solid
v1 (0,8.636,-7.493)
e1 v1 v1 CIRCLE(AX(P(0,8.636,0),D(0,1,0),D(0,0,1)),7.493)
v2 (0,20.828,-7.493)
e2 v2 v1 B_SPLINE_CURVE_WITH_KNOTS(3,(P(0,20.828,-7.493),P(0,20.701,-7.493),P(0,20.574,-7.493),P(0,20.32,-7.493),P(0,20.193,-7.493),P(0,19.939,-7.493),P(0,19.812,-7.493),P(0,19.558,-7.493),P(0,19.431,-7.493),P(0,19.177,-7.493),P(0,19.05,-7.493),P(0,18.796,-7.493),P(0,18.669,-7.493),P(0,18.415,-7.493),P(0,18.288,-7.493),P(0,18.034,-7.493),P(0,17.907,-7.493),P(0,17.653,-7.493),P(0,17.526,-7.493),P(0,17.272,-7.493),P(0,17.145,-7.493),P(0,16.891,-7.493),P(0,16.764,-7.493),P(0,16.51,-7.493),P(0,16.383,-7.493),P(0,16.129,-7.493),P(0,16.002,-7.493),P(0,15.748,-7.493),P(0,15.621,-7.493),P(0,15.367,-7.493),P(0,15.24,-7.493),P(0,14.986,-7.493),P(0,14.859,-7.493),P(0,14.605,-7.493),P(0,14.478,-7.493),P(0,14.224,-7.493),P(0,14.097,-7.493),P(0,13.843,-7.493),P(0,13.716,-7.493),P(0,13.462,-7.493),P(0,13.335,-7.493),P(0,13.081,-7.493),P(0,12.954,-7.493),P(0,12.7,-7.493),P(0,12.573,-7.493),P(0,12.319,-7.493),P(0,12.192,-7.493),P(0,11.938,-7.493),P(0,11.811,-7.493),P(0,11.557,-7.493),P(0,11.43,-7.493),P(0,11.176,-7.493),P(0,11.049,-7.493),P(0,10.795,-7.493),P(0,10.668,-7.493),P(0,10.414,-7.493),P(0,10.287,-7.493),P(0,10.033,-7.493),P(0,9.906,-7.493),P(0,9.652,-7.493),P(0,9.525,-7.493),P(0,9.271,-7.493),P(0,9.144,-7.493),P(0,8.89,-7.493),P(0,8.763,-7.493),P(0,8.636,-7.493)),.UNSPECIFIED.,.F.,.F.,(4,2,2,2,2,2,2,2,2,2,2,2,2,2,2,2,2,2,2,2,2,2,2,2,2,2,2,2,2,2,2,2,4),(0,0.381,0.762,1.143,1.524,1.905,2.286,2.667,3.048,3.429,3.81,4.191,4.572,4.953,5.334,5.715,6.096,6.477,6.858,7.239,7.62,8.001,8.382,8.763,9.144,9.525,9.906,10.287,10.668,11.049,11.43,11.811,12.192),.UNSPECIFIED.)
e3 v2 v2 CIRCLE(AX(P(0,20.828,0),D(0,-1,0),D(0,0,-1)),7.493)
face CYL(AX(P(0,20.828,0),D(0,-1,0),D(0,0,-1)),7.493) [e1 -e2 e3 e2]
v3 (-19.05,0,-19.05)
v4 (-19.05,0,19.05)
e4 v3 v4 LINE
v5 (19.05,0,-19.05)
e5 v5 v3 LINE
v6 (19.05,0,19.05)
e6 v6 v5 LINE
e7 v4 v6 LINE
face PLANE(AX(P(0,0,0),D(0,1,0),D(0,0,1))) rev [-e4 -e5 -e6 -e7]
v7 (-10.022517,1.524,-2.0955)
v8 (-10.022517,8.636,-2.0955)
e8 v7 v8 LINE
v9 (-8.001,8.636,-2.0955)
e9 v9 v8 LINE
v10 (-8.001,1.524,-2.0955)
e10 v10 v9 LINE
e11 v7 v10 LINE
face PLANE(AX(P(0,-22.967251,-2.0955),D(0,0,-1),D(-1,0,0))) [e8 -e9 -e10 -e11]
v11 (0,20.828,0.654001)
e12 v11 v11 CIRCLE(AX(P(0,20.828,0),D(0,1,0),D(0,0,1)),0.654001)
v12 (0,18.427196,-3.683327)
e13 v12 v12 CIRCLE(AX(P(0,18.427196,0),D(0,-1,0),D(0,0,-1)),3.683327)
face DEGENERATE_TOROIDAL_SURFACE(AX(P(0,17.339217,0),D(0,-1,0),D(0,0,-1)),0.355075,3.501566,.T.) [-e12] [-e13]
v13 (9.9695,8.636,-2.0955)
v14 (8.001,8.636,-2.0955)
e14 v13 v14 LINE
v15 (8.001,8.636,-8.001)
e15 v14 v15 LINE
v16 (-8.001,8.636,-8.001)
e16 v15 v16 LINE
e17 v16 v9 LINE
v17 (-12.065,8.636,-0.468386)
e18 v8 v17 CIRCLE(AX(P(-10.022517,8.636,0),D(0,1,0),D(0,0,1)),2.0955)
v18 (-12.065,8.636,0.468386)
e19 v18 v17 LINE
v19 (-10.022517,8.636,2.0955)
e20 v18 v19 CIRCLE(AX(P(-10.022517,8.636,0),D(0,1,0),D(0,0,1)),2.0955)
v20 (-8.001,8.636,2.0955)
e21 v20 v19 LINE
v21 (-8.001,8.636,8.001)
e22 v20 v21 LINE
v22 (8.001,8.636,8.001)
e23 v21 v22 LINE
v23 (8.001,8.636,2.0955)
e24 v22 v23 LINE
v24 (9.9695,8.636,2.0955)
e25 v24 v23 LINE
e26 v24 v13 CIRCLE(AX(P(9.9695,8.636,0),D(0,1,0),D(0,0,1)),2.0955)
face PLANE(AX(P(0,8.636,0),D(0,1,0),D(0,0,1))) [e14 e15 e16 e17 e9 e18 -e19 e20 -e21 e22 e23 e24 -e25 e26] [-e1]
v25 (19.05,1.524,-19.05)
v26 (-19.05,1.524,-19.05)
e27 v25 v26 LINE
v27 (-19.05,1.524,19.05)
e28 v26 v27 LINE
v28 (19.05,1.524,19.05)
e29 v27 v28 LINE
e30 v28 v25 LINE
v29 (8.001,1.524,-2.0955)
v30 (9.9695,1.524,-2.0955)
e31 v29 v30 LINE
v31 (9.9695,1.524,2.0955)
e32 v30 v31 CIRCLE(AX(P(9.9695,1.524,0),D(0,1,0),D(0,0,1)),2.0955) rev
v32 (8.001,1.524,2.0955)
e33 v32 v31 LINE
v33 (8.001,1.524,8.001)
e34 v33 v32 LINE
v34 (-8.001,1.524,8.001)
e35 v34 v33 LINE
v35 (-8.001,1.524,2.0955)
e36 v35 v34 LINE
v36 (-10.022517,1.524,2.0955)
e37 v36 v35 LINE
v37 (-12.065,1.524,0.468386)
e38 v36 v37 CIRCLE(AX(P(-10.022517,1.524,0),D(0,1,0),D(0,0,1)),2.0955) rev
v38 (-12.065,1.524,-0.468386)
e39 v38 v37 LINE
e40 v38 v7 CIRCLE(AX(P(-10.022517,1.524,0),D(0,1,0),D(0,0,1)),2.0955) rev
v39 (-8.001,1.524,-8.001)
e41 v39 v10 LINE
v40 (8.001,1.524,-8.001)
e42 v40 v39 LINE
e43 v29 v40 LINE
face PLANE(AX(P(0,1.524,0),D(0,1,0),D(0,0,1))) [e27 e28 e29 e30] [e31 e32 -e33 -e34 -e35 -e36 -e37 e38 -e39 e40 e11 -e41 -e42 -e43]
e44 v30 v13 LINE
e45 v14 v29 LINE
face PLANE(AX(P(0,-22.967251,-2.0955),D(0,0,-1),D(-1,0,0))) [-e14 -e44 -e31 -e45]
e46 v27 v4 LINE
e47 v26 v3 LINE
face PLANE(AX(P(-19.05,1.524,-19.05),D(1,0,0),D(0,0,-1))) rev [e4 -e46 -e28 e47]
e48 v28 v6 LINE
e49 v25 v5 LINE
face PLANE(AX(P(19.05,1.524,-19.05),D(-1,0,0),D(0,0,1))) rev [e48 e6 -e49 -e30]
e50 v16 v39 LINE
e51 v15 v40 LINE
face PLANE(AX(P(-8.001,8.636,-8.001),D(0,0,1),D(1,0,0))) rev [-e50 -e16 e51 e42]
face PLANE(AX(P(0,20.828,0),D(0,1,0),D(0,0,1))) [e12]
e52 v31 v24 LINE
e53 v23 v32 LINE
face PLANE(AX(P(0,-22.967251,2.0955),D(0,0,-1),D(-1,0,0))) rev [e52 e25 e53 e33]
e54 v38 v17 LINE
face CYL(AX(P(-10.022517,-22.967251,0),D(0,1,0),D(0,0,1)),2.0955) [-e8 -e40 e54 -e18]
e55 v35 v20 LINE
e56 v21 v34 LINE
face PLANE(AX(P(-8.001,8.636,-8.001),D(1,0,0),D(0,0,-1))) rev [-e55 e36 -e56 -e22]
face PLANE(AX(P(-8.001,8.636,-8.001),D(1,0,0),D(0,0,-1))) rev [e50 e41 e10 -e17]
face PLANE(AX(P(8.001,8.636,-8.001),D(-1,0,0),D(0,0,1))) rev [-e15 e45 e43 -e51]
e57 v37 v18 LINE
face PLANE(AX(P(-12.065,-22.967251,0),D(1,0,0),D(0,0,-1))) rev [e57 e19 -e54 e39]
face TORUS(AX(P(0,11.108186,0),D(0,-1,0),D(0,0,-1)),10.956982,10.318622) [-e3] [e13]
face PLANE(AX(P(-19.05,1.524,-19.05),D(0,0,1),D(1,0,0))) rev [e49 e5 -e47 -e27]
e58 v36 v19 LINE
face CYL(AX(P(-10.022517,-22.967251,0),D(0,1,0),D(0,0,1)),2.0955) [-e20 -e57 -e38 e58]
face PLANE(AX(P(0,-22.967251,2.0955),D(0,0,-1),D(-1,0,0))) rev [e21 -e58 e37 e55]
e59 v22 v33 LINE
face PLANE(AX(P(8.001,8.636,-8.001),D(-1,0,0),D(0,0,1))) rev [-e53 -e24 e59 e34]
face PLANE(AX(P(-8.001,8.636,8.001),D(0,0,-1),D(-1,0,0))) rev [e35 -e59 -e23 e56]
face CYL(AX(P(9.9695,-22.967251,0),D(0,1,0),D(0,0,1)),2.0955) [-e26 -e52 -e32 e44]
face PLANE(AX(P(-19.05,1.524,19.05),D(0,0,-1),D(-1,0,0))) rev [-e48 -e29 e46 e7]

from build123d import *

# Parameters (mm, degrees)
SKETCH3_W           = 38.1
SKETCH3_H           = 38.1
BOSS_EXTRUDE2_DEPTH = 1.524
SKETCH4_W           = 16.002
SKETCH4_H           = 16.002
BOSS_EXTRUDE3_DEPTH = 7.112
SKETCH5_R           = 7.493
BOSS_EXTRUDE4_DEPTH = 12.192
BOSS_EXTRUDE6_DEPTH = 7.112


with BuildPart() as part:
    # Sketch3 → Boss-Extrude2 (new body)
    with BuildSketch(Plane(origin=(0, 0, 0), x_dir=(1, 0, 0), z_dir=(0, 1, 0))):
        Rectangle(SKETCH3_W, SKETCH3_H)
    extrude(amount=BOSS_EXTRUDE2_DEPTH)

    # Sketch4 → Boss-Extrude3 (add)
    with BuildSketch(Plane(origin=(0, 1.524, 0), x_dir=(1, 0, 0), z_dir=(0, 1, 0))):
        Rectangle(SKETCH4_W, SKETCH4_H)
    extrude(amount=BOSS_EXTRUDE3_DEPTH)

    # Sketch5 → Boss-Extrude4 (add)
    with BuildSketch(Plane(origin=(0, 8.636, 0), x_dir=(1, 0, 0), z_dir=(0, 1, 0))):
        with Locations(Location((0, 0, 0), (0, 0, 90))):
            Circle(SKETCH5_R)
    extrude(amount=BOSS_EXTRUDE4_DEPTH)

    # Sketch6 → Boss-Extrude6 (add)
    with BuildSketch(Plane(origin=(0, 8.636, 0), x_dir=(1, 0, 0), z_dir=(0, 1, 0))):
        with BuildLine():
            ThreePointArc((8.001, -0.71842049), (8.768319307, -1.717057132), (9.9695, -2.0955))
            ThreePointArc((9.9695, -2.0955), (11.45124226, -1.48174226), (12.065, 0))
            ThreePointArc((12.065, 0), (11.45124226, 1.48174226), (9.9695, 2.0955))
            ThreePointArc((9.9695, 2.0955), (8.768319307, 1.717057132), (8.001, 0.71842049))
            Line((8.001, 0.71842049), (8.001, -0.71842049))
        make_face()
        with BuildLine():
            ThreePointArc((8.001, 0.71842049), (7.874, 0), (8.001, -0.71842049))
            Line((8.001, -0.71842049), (8.001, 0.71842049))
        make_face()
        with BuildLine():
            Line((8.001, -2.0955), (9.9695, -2.0955))
            ThreePointArc((9.9695, -2.0955), (8.768319307, -1.717057132), (8.001, -0.71842049))
            Line((8.001, -0.71842049), (8.001, -2.0955))
        make_face()
        with BuildLine():
            Line((7.194020347, -2.0955), (8.001, -2.0955))
            Line((8.001, -2.0955), (8.001, -0.71842049))
            ThreePointArc((8.001, -0.71842049), (7.874, 0), (8.001, 0.71842049))
            Line((8.001, 0.71842049), (8.001, 2.0955))
            Line((8.001, 2.0955), (7.194020347, 2.0955))
            ThreePointArc((7.194020347, 2.0955), (7.417878519, 1.058360652), (7.493, 0))
            ThreePointArc((7.493, 0), (7.417878519, -1.058360652), (7.194020347, -2.0955))
        make_face()
        with BuildLine():
            ThreePointArc((8.001, 0.71842049), (8.768319307, 1.717057132), (9.9695, 2.0955))
            Line((9.9695, 2.0955), (8.001, 2.0955))
            Line((8.001, 2.0955), (8.001, 0.71842049))
        make_face()
        with BuildLine():
            Line((-7.194020347, -2.0955), (7.194020347, -2.0955))
            ThreePointArc((7.194020347, -2.0955), (7.417878519, -1.058360652), (7.493, 0))
            ThreePointArc((7.493, 0), (7.417878519, 1.058360652), (7.194020347, 2.0955))
            Line((7.194020347, 2.0955), (-7.194020347, 2.0955))
            ThreePointArc((-7.194020347, 2.0955), (-7.493, 0), (-7.194020347, -2.0955))
        make_face()
        with BuildLine():
            Line((-8.001, -2.0955), (-7.194020347, -2.0955))
            ThreePointArc((-7.194020347, -2.0955), (-7.493, 0), (-7.194020347, 2.0955))
            Line((-7.194020347, 2.0955), (-8.001, 2.0955))
            Line((-8.001, 2.0955), (-8.001, 0.55189456))
            ThreePointArc((-8.001, 0.55189456), (-7.945595412, 0.27841562), (-7.927017411, 0))
            ThreePointArc((-7.927017411, 0), (-7.945595412, -0.27841562), (-8.001, -0.55189456))
            Line((-8.001, -0.55189456), (-8.001, -2.0955))
        make_face()
        with BuildLine():
            ThreePointArc((-12.065, -0.468385659), (-11.328200782, -1.638997006), (-10.022517424, -2.0955))
            ThreePointArc((-10.022517424, -2.0955), (-8.750781359, -1.665475206), (-8.001, -0.55189456))
            Line((-8.001, -0.55189456), (-8.001, 0.55189456))
            ThreePointArc((-8.001, 0.55189456), (-8.75078136, 1.665475207), (-10.022517427, 2.0955))
            ThreePointArc((-10.022517427, 2.0955), (-11.328200783, 1.638997005), (-12.065, 0.468385659))
            Line((-12.065, 0.468385659), (-12.065, -0.468385659))
        make_face()
        with BuildLine():
            Line((-10.022517424, -2.0955), (-8.001, -2.0955))
            Line((-8.001, -2.0955), (-8.001, -0.55189456))
            ThreePointArc((-8.001, -0.55189456), (-8.750781359, -1.665475206), (-10.022517424, -2.0955))
        make_face()
        with BuildLine():
            Line((-8.001, 0.55189456), (-8.001, -0.55189456))
            ThreePointArc((-8.001, -0.55189456), (-7.945595412, -0.27841562), (-7.927017411, 0))
            ThreePointArc((-7.927017411, 0), (-7.945595412, 0.27841562), (-8.001, 0.55189456))
        make_face()
        with BuildLine():
            Line((-8.001, 0.55189456), (-8.001, 2.0955))
            Line((-8.001, 2.0955), (-10.022517427, 2.0955))
            ThreePointArc((-10.022517427, 2.0955), (-8.75078136, 1.665475207), (-8.001, 0.55189456))
        make_face()
    extrude(amount=-BOSS_EXTRUDE6_DEPTH)

    # Sketch8 → Cut-Revolve2 (revolve, cut)
    with BuildSketch(Plane.XY, mode=Mode.PRIVATE) as cut_revolve2_sk:
        with BuildLine():
            ThreePointArc((-3.683327211, 18.4271959), (-2.28773348, 20.259113148), (-0.056148749, 20.828))
            ThreePointArc((-0.056148749, 20.828), (-3.774574374, 21.391967579), (-7.493, 20.828))
            ThreePointArc((-7.493, 20.828), (-5.455602523, 19.837950118), (-3.683327211, 18.4271959))
        make_face()
    revolve(cut_revolve2_sk.sketch.rotate(Axis((0, 0, 0), (0, 1, 0)), 270), axis=Axis((0, 0, 0), (0, 1, 0)), mode=Mode.SUBTRACT)


solid = part.part
